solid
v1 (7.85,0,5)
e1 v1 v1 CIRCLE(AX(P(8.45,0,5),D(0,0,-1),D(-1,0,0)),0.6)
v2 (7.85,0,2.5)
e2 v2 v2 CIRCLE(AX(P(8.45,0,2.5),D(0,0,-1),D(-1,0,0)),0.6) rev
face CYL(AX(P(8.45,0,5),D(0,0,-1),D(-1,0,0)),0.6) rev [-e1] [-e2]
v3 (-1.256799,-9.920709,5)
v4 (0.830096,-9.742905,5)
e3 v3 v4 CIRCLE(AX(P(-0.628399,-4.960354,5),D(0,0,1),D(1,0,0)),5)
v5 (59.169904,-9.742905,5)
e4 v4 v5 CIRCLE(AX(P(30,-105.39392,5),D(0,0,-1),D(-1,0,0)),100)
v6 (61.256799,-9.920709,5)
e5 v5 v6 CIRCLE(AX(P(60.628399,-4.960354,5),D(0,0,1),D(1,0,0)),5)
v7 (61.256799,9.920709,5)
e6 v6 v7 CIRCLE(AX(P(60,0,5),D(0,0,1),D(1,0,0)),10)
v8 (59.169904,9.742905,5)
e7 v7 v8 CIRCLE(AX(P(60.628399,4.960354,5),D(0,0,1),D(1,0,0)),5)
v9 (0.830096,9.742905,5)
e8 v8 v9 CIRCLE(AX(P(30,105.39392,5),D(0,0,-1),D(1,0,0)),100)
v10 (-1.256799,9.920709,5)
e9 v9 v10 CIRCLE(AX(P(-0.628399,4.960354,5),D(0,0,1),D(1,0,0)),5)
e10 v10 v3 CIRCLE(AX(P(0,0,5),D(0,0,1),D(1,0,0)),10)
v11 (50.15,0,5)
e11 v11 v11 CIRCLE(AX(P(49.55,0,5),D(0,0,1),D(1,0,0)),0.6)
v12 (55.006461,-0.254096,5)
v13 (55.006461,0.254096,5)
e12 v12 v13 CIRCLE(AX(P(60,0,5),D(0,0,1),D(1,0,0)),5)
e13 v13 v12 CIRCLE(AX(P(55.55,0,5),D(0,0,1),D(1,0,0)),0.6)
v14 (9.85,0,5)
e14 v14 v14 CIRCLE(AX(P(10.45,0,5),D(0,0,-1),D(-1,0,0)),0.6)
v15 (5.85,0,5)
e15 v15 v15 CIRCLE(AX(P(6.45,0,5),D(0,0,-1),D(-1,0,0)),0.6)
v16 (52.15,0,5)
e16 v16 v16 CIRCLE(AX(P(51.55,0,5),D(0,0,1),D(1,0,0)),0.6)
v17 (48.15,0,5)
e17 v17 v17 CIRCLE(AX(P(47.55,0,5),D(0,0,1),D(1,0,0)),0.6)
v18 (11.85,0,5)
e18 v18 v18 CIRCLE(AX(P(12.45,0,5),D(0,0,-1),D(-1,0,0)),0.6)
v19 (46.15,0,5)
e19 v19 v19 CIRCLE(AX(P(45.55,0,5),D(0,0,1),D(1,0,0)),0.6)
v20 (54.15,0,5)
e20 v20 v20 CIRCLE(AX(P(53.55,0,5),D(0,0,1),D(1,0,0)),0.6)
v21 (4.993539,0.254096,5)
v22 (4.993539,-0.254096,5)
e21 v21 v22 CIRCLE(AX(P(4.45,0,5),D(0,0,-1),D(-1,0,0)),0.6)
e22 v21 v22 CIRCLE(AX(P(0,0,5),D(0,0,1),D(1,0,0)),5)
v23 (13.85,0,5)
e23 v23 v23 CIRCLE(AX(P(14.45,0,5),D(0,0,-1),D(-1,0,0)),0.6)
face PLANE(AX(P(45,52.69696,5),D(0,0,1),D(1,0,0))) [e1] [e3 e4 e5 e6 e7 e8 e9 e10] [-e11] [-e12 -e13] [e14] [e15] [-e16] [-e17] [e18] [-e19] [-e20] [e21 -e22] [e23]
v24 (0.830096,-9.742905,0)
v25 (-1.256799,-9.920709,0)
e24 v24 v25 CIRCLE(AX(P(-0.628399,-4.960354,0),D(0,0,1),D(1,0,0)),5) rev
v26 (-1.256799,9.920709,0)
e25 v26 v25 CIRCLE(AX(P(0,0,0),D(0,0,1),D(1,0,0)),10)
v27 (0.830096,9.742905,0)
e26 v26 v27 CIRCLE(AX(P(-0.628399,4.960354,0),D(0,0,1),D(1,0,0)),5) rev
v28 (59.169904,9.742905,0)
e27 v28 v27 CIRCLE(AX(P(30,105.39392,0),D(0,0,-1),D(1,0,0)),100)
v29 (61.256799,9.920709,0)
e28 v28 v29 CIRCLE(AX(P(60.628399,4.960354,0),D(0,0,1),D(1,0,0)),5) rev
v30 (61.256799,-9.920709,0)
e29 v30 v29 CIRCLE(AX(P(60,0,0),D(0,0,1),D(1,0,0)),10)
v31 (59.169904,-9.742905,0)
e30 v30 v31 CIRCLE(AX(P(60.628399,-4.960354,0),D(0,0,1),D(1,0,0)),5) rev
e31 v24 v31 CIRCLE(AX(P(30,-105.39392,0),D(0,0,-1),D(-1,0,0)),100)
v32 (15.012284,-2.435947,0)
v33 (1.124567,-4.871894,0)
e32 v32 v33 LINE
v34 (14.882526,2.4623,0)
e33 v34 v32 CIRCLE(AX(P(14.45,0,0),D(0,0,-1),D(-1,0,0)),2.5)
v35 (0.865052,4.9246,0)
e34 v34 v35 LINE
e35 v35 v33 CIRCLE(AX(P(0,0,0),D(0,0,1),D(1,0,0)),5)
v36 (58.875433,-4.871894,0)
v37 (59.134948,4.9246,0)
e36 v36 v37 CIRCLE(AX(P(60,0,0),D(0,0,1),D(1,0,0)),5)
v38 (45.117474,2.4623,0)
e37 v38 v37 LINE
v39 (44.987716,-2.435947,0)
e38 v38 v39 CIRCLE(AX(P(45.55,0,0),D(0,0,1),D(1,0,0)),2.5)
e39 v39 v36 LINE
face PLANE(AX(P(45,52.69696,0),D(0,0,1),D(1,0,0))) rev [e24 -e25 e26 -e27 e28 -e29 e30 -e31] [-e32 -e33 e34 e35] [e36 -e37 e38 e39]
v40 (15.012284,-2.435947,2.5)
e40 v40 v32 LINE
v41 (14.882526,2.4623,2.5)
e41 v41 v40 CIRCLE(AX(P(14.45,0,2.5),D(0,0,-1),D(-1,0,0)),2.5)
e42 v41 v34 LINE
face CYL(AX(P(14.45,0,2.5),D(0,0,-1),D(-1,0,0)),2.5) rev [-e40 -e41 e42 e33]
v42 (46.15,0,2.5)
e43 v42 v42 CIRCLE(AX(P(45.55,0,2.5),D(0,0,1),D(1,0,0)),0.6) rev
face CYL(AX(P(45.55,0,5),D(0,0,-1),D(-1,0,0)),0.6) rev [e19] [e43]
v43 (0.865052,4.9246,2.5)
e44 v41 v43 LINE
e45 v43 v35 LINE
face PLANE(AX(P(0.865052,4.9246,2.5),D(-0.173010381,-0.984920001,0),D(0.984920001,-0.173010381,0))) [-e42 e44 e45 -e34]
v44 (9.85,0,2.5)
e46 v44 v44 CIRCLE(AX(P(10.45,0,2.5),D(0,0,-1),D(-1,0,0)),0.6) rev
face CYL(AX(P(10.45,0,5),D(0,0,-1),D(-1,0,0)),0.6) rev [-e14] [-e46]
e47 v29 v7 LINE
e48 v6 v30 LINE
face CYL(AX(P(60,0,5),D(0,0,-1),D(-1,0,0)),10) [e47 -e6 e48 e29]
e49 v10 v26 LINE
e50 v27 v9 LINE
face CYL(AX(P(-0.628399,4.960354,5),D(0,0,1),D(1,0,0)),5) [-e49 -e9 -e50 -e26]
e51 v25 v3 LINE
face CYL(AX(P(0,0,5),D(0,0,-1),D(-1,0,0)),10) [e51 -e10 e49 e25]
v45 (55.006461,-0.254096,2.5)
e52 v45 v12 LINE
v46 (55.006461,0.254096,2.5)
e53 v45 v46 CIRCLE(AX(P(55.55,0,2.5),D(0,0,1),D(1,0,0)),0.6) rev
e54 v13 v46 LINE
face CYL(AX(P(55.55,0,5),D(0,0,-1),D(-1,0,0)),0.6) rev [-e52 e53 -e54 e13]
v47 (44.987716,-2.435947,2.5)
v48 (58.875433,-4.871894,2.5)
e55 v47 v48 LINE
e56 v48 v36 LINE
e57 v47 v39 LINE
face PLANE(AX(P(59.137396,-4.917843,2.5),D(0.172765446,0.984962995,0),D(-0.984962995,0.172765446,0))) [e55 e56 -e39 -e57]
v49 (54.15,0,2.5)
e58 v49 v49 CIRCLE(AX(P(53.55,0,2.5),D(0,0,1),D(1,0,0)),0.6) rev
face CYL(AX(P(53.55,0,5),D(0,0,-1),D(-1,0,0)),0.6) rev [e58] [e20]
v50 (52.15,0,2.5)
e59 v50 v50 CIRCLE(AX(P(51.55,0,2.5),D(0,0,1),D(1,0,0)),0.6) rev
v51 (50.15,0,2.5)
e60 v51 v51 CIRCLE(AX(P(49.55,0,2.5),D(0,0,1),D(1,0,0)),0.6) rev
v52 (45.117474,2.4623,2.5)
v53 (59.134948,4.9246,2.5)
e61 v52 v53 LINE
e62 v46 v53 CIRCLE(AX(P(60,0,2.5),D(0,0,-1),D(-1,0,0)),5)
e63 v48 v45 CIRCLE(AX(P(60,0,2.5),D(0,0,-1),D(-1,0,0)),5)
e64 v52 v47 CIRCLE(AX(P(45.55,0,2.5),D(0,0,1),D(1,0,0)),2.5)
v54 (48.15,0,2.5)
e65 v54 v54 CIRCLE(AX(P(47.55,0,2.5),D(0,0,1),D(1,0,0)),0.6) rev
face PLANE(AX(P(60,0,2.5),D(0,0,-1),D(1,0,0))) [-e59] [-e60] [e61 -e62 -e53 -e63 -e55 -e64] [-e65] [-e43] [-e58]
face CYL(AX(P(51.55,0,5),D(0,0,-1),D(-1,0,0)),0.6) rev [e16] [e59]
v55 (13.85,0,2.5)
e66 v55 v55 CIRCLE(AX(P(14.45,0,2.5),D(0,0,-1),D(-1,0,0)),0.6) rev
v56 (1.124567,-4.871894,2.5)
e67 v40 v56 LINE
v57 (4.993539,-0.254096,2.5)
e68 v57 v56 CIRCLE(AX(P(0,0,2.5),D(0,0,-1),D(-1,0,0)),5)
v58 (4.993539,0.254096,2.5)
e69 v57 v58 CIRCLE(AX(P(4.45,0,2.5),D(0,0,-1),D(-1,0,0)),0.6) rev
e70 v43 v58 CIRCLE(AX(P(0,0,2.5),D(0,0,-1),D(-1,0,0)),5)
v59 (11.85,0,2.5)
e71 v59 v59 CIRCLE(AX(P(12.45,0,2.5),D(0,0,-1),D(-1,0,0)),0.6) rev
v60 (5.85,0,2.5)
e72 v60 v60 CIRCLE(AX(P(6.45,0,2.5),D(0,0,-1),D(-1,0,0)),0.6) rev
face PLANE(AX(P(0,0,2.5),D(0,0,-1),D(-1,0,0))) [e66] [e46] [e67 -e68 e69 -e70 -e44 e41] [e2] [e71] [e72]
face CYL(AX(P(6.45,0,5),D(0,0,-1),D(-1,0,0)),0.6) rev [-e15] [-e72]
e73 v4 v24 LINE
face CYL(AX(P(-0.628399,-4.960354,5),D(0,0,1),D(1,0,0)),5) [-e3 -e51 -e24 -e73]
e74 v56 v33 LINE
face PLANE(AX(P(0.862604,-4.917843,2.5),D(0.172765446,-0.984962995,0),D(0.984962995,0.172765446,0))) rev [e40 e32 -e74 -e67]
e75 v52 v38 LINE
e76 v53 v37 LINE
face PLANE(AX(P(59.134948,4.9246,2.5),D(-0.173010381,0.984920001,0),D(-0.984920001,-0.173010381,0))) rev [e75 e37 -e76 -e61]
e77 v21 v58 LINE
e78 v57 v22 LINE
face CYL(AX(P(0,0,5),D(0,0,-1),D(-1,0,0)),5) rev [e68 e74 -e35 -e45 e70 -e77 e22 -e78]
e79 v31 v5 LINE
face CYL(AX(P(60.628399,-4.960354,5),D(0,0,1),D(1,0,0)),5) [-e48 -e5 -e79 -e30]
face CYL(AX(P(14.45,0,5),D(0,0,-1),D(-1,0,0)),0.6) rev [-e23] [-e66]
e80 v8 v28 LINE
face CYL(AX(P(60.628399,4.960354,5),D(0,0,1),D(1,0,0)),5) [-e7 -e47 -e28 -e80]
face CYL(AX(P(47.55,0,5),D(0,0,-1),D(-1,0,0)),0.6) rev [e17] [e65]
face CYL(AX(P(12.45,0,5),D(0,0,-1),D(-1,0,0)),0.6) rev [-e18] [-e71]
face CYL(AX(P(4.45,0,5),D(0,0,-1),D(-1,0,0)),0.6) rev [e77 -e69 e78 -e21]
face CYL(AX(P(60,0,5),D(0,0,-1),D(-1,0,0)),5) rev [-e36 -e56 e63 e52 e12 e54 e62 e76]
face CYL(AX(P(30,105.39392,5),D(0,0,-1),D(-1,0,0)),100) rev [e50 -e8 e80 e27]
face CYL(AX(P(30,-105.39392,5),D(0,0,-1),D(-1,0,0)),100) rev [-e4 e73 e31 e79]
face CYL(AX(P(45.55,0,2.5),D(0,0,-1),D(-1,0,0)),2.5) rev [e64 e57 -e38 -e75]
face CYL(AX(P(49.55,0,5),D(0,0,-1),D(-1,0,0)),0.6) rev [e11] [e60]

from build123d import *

# Parameters (mm, degrees)
SKETCH1_R           = 5
BOSS_EXTRUDE1_DEPTH = 5
FILLET1_R           = 5
SKETCH2_R           = 0.6
CUT_EXTRUDE1_DEPTH  = 5
SKETCH3_R           = 0.6
CUT_EXTRUDE2_DEPTH  = 2.5


with BuildPart() as part:
    # Sketch1 → Boss-Extrude1 (new body)
    with BuildSketch(Plane.XY):
        with BuildLine():
            ThreePointArc((0, 10), (-10, 0), (0, -10))
            ThreePointArc((0, -10), (30, -5.393920142), (60, -10))
            ThreePointArc((60, -10), (70, 0), (60, 10))
            ThreePointArc((60, 10), (30, 5.393920142), (0, 10))
        make_face()
        Circle(SKETCH1_R, mode=Mode.SUBTRACT)
        with Locations((60, 0)):
            Circle(SKETCH1_R, mode=Mode.SUBTRACT)
    extrude(amount=BOSS_EXTRUDE1_DEPTH)

    # Fillet1
    fillet1_edges = [part.edges().sort_by_distance(p)[0] for p in [
        (60, 10, 2.5),
        (60, -10, 2.5),
        (0, -10, 2.5),
        (0, 10, 2.5),
    ]]
    fillet(fillet1_edges, radius=FILLET1_R)

    # Sketch2 → Cut-Extrude1 (cut)
    with BuildSketch(Plane(origin=(0, 0, 0), x_dir=(-1, 0, 0), z_dir=(0, 0, -1))):
        with Locations((-4.45, 0)):
            Circle(SKETCH2_R)
        with Locations((-6.45, 0)):
            Circle(SKETCH2_R)
        with Locations((-8.45, 0)):
            Circle(SKETCH2_R)
        with Locations((-10.45, 0)):
            Circle(SKETCH2_R)
        with Locations((-12.45, 0)):
            Circle(SKETCH2_R)
        with Locations((-14.45, 0)):
            Circle(SKETCH2_R)
    cut_extrude1 = extrude(amount=-CUT_EXTRUDE1_DEPTH, mode=Mode.SUBTRACT)

    # Sketch3 → Cut-Extrude2 (cut)
    with BuildSketch(Plane(origin=(0, 0, 0), x_dir=(-1, 0, 0), z_dir=(0, 0, -1))):
        with BuildLine():
            Line((-15.012283737, -2.435946838), (-1.124567474, -4.871893677))
            ThreePointArc((-1.124567474, -4.871893677), (-3.832599709, -3.211102532), (-4.993539326, -0.254096441))
            ThreePointArc((-4.993539326, -0.254096441), (-5.05, 0), (-4.993539326, 0.254096441))
            ThreePointArc((-4.993539326, 0.254096441), (-3.746221254, 3.311468906), (-0.865051903, 4.924600005))
            Line((-0.865051903, 4.924600005), (-14.882525952, 2.462300002))
            ThreePointArc((-14.882525952, 2.462300002), (-16.949123268, 0.066203422), (-15.012283737, -2.435946838))
        make_face()
        with Locations((-12.45, 0)):
            Circle(SKETCH3_R, mode=Mode.SUBTRACT)
        with Locations((-6.45, 0)):
            Circle(SKETCH3_R, mode=Mode.SUBTRACT)
        with Locations((-8.45, 0)):
            Circle(SKETCH3_R, mode=Mode.SUBTRACT)
        with Locations((-10.45, 0)):
            Circle(SKETCH3_R, mode=Mode.SUBTRACT)
        with Locations((-14.45, 0)):
            Circle(SKETCH3_R, mode=Mode.SUBTRACT)
    cut_extrude2 = extrude(amount=-CUT_EXTRUDE2_DEPTH, mode=Mode.SUBTRACT)

    # Mirror2: Cut-Extrude1, Cut-Extrude2 across plane
    add(cut_extrude1.mirror(Plane(origin=(30, 0, 0), x_dir=(0, 0, 1), z_dir=(1, 0, 0))), mode=Mode.SUBTRACT)
    add(cut_extrude2.mirror(Plane(origin=(30, 0, 0), x_dir=(0, 0, 1), z_dir=(1, 0, 0))), mode=Mode.SUBTRACT)


solid = part.part
